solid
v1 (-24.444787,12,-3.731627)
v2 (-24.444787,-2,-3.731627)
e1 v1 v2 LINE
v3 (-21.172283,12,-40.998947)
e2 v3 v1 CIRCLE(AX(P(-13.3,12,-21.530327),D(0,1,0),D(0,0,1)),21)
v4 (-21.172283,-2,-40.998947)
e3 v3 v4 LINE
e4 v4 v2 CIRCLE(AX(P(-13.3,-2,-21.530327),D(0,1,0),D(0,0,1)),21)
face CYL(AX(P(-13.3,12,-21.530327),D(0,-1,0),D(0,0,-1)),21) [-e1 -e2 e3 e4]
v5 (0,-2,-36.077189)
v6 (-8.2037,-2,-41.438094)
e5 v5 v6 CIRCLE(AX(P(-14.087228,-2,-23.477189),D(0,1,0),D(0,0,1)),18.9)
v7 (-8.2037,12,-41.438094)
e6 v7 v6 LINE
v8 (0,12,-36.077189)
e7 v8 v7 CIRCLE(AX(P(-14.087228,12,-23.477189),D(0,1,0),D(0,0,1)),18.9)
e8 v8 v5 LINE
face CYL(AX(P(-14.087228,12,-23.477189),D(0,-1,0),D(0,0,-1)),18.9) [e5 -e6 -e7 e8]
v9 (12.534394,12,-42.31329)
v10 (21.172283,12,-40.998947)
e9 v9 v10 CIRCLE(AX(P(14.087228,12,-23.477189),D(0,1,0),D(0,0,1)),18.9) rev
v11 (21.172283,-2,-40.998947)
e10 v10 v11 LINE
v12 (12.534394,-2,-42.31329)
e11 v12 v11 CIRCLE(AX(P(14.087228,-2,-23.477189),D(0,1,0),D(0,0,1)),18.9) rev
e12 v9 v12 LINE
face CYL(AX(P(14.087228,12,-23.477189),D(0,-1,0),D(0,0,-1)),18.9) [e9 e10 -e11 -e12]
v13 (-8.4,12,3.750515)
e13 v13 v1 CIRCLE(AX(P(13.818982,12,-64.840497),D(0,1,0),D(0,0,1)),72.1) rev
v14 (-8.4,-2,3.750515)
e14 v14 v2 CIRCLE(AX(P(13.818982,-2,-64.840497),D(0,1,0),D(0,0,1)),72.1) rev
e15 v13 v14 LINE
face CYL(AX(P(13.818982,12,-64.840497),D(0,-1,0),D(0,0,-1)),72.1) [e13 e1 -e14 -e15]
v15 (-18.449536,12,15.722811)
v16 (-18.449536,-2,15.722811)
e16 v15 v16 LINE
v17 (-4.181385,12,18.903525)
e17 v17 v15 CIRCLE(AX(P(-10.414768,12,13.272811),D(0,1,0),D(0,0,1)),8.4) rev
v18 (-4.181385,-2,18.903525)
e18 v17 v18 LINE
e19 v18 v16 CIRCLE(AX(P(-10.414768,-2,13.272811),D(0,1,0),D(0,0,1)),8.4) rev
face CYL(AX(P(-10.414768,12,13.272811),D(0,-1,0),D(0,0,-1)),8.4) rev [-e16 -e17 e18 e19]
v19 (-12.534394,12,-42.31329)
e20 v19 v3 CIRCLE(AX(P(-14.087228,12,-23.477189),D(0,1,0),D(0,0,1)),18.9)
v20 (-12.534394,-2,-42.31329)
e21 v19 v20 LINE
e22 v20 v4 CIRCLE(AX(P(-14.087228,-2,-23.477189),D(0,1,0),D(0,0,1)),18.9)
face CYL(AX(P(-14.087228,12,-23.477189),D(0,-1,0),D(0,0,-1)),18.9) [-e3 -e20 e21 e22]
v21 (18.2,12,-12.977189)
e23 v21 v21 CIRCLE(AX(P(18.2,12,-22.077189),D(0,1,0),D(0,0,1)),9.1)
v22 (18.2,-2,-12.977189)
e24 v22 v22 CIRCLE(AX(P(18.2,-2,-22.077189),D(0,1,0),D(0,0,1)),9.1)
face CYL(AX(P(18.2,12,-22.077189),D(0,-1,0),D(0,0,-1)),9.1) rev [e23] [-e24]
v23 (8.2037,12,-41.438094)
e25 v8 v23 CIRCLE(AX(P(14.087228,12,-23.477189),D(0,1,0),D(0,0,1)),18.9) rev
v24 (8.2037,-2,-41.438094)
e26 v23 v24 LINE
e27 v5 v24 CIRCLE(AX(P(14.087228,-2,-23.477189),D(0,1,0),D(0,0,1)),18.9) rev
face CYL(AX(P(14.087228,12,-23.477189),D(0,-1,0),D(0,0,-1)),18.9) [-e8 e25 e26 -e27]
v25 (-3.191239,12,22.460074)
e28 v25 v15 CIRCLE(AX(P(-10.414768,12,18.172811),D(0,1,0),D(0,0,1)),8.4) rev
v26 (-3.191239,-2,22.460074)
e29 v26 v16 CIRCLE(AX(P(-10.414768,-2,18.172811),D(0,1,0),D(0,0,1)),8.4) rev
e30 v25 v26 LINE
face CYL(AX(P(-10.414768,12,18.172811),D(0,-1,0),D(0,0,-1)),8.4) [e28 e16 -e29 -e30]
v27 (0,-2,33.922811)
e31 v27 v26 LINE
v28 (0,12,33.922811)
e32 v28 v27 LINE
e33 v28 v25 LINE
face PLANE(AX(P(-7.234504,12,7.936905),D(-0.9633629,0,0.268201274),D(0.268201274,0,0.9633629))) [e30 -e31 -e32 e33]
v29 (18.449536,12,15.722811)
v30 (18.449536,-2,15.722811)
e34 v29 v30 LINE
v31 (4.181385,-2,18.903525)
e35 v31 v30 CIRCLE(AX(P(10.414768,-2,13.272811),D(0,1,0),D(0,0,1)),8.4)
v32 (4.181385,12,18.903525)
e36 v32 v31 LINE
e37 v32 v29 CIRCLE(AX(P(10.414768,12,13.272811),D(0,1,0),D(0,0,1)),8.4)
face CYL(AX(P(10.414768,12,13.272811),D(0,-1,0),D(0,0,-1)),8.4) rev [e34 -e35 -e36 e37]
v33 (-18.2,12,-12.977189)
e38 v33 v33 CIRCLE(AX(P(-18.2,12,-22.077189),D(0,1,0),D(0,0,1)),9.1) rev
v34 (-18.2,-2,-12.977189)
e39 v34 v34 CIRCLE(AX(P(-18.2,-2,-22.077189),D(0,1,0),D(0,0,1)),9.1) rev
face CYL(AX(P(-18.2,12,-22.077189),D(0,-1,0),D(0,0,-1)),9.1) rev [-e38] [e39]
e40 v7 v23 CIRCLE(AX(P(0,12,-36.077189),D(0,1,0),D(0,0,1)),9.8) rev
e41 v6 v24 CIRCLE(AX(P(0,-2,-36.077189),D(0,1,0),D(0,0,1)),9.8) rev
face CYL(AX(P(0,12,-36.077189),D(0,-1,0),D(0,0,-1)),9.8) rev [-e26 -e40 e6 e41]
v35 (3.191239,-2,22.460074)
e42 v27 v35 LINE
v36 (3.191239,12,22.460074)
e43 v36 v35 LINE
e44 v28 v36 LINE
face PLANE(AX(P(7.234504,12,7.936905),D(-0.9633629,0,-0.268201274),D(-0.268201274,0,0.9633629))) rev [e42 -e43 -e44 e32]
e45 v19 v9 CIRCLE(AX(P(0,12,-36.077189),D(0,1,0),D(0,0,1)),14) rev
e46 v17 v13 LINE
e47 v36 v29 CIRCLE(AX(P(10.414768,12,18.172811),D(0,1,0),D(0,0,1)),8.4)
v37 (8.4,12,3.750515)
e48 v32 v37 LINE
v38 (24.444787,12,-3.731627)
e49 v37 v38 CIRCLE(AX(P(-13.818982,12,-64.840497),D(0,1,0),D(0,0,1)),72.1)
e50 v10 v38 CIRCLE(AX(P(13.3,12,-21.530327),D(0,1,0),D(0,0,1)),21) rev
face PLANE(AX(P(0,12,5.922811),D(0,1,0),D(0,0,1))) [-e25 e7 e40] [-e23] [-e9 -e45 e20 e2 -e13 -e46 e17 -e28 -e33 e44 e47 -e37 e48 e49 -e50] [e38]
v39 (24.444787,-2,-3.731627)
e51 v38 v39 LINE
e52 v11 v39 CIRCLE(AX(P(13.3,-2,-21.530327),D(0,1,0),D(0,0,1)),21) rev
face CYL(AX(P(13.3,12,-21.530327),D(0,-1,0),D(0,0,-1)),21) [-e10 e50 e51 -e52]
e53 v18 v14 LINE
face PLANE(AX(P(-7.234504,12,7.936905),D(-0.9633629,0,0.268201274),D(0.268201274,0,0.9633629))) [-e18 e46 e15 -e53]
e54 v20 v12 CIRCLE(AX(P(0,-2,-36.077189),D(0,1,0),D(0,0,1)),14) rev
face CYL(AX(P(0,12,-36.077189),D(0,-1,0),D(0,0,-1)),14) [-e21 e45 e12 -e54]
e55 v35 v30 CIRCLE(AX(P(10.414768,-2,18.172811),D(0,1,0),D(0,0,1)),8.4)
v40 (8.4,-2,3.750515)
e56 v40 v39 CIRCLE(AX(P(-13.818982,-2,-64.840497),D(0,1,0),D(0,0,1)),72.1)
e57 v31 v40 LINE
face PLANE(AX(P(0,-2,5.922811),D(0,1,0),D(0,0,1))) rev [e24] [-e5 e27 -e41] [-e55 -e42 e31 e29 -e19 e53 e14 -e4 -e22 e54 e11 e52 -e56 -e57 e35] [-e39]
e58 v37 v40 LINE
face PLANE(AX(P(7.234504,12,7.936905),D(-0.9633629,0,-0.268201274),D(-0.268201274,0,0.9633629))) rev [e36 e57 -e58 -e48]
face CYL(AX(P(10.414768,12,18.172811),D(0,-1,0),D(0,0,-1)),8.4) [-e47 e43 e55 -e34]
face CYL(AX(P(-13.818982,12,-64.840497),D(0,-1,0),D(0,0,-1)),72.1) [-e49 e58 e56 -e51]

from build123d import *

# Parameters (mm, degrees)
SKETCH_1_R      = 6.5
EXTRUDE_3_DEPTH = 10
SCALE_1_SCALE   = 1.4


with BuildPart() as part:
    # 草图1 → 凸台-拉伸3 (new body)
    # profile 1 of 12: a face of its own
    with BuildSketch(Plane(origin=(0, 0, 0), x_dir=(1, 0, 0), z_dir=(0, 1, 0))):
        with BuildLine():
            ThreePointArc((5.859785995, 33.829217687), (7.388132252, 34.23249014), (8.953138838, 34.454357972))
            ThreePointArc((8.953138838, 34.454357972), (0, 40), (-8.953138838, 34.454357972))
            ThreePointArc((-8.953138838, 34.454357972), (-7.388132252, 34.23249014), (-5.859785995, 33.829217687))
            ThreePointArc((-5.859785995, 33.829217687), (0, 37), (5.859785995, 33.829217687))
        make_face()
    # profile 2 of 12: a face of its own
    with BuildSketch(Plane(origin=(0, 0, 0), x_dir=(1, 0, 0), z_dir=(0, 1, 0))):
        with BuildLine():
            ThreePointArc((0, 30), (7.005568982, 34.149386276), (15.123058987, 33.515541466))
            ThreePointArc((15.123058987, 33.515541466), (24.442500681, 20.921509808), (17.460562256, 6.896027189))
            ThreePointArc((17.460562256, 6.896027189), (11.894938122, 3.870741491), (6, 1.551640353))
            Line((6, 1.551640353), (0, -20))
            Line((0, -20), (-6, 1.551640353))
            ThreePointArc((-6, 1.551640353), (-11.894938122, 3.870741491), (-17.460562256, 6.896027189))
            ThreePointArc((-17.460562256, 6.896027189), (-24.442500681, 20.921509808), (-15.123058987, 33.515541466))
            ThreePointArc((-15.123058987, 33.515541466), (-7.005568982, 34.149386276), (0, 30))
        make_face()
        with Locations(Location((-13, 20, 0), (0, 0, 270))):
            Circle(SKETCH_1_R, mode=Mode.SUBTRACT)
        with Locations(Location((13, 20, 0), (0, 0, 270))):
            Circle(SKETCH_1_R, mode=Mode.SUBTRACT)
    # profile 3 of 12: a face of its own
    with BuildSketch(Plane(origin=(0, 0, 0), x_dir=(1, 0, 0), z_dir=(0, 1, 0))):
        with BuildLine():
            ThreePointArc((-1.7, -7), (-7.439120142, -11.25), (-13.178240283, -7))
            ThreePointArc((-13.178240283, -7), (-7.439120142, -14.75), (-1.7, -7))
        make_face()
    # profile 4 of 12: a face of its own
    with BuildSketch(Plane(origin=(0, 0, 0), x_dir=(1, 0, 0), z_dir=(0, 1, 0))):
        with BuildLine():
            ThreePointArc((1.7, -7), (7.439120142, -14.75), (13.178240283, -7))
            ThreePointArc((13.178240283, -7), (7.439120142, -11.25), (1.7, -7))
        make_face()
    # profile 5 of 12: a face of its own
    with BuildSketch(Plane(origin=(0, 0, 0), x_dir=(1, 0, 0), z_dir=(0, 1, 0))):
        with BuildLine():
            ThreePointArc((1.7, -7), (1.48214902, -9.46728311), (2.279456101, -11.812330319))
            Line((2.279456101, -11.812330319), (2.986703917, -9.271938557))
            ThreePointArc((2.986703917, -9.271938557), (2.218269676, -8.206809162), (1.7, -7))
        make_face()
    # profile 6 of 12: a face of its own
    with BuildSketch(Plane(origin=(0, 0, 0), x_dir=(1, 0, 0), z_dir=(0, 1, 0))):
        with BuildLine():
            Line((2.986703917, -9.271938557), (2.279456101, -11.812330319))
            ThreePointArc((2.279456101, -11.812330319), (9.862665709, -14.238754584), (13.178240283, -7))
            ThreePointArc((13.178240283, -7), (8.744619259, -11.106250682), (2.986703917, -9.271938557))
        make_face()
    # profile 7 of 12: a face of its own
    with BuildSketch(Plane(origin=(0, 0, 0), x_dir=(1, 0, 0), z_dir=(0, 1, 0))):
        with BuildLine():
            ThreePointArc((1.7, -7), (1.48214902, -9.46728311), (2.279456101, -11.812330319))
            Line((2.279456101, -11.812330319), (2.986703917, -9.271938557))
            ThreePointArc((2.986703917, -9.271938557), (2.218269676, -8.206809162), (1.7, -7))
        make_face()
    # profile 8 of 12: a face of its own
    with BuildSketch(Plane(origin=(0, 0, 0), x_dir=(1, 0, 0), z_dir=(0, 1, 0))):
        with BuildLine():
            Line((2.986703917, -9.271938557), (2.279456101, -11.812330319))
            ThreePointArc((2.279456101, -11.812330319), (9.862665709, -14.238754584), (13.178240283, -7))
            ThreePointArc((13.178240283, -7), (8.744619259, -11.106250682), (2.986703917, -9.271938557))
        make_face()
    # profile 9 of 12: a face of its own
    with BuildSketch(Plane(origin=(0, 0, 0), x_dir=(1, 0, 0), z_dir=(0, 1, 0))):
        with BuildLine():
            ThreePointArc((-13.178240283, -7), (-9.862665709, -14.238754584), (-2.279456101, -11.812330319))
            Line((-2.279456101, -11.812330319), (-2.986703917, -9.271938557))
            ThreePointArc((-2.986703917, -9.271938557), (-8.744619259, -11.106250682), (-13.178240283, -7))
        make_face()
    # profile 10 of 12: a face of its own
    with BuildSketch(Plane(origin=(0, 0, 0), x_dir=(1, 0, 0), z_dir=(0, 1, 0))):
        with BuildLine():
            Line((-2.986703917, -9.271938557), (-2.279456101, -11.812330319))
            ThreePointArc((-2.279456101, -11.812330319), (-1.48214902, -9.46728311), (-1.7, -7))
            ThreePointArc((-1.7, -7), (-2.218269676, -8.206809162), (-2.986703917, -9.271938557))
        make_face()
    # profile 11 of 12: a face of its own
    with BuildSketch(Plane(origin=(0, 0, 0), x_dir=(1, 0, 0), z_dir=(0, 1, 0))):
        with BuildLine():
            ThreePointArc((-13.178240283, -7), (-9.862665709, -14.238754584), (-2.279456101, -11.812330319))
            Line((-2.279456101, -11.812330319), (-2.986703917, -9.271938557))
            ThreePointArc((-2.986703917, -9.271938557), (-8.744619259, -11.106250682), (-13.178240283, -7))
        make_face()
    # profile 12 of 12: a face of its own
    with BuildSketch(Plane(origin=(0, 0, 0), x_dir=(1, 0, 0), z_dir=(0, 1, 0))):
        with BuildLine():
            Line((-2.986703917, -9.271938557), (-2.279456101, -11.812330319))
            ThreePointArc((-2.279456101, -11.812330319), (-1.48214902, -9.46728311), (-1.7, -7))
            ThreePointArc((-1.7, -7), (-2.218269676, -8.206809162), (-2.986703917, -9.271938557))
        make_face()
    extrude(amount=EXTRUDE_3_DEPTH)


with BuildPart() as part_1:
    # 缩放比例1: scaled about (0, 5, -14.807027766)
    add(part.part.scale(SCALE_1_SCALE).moved(Location((0, -2, 5.922811106))))


solid = part_1.part
